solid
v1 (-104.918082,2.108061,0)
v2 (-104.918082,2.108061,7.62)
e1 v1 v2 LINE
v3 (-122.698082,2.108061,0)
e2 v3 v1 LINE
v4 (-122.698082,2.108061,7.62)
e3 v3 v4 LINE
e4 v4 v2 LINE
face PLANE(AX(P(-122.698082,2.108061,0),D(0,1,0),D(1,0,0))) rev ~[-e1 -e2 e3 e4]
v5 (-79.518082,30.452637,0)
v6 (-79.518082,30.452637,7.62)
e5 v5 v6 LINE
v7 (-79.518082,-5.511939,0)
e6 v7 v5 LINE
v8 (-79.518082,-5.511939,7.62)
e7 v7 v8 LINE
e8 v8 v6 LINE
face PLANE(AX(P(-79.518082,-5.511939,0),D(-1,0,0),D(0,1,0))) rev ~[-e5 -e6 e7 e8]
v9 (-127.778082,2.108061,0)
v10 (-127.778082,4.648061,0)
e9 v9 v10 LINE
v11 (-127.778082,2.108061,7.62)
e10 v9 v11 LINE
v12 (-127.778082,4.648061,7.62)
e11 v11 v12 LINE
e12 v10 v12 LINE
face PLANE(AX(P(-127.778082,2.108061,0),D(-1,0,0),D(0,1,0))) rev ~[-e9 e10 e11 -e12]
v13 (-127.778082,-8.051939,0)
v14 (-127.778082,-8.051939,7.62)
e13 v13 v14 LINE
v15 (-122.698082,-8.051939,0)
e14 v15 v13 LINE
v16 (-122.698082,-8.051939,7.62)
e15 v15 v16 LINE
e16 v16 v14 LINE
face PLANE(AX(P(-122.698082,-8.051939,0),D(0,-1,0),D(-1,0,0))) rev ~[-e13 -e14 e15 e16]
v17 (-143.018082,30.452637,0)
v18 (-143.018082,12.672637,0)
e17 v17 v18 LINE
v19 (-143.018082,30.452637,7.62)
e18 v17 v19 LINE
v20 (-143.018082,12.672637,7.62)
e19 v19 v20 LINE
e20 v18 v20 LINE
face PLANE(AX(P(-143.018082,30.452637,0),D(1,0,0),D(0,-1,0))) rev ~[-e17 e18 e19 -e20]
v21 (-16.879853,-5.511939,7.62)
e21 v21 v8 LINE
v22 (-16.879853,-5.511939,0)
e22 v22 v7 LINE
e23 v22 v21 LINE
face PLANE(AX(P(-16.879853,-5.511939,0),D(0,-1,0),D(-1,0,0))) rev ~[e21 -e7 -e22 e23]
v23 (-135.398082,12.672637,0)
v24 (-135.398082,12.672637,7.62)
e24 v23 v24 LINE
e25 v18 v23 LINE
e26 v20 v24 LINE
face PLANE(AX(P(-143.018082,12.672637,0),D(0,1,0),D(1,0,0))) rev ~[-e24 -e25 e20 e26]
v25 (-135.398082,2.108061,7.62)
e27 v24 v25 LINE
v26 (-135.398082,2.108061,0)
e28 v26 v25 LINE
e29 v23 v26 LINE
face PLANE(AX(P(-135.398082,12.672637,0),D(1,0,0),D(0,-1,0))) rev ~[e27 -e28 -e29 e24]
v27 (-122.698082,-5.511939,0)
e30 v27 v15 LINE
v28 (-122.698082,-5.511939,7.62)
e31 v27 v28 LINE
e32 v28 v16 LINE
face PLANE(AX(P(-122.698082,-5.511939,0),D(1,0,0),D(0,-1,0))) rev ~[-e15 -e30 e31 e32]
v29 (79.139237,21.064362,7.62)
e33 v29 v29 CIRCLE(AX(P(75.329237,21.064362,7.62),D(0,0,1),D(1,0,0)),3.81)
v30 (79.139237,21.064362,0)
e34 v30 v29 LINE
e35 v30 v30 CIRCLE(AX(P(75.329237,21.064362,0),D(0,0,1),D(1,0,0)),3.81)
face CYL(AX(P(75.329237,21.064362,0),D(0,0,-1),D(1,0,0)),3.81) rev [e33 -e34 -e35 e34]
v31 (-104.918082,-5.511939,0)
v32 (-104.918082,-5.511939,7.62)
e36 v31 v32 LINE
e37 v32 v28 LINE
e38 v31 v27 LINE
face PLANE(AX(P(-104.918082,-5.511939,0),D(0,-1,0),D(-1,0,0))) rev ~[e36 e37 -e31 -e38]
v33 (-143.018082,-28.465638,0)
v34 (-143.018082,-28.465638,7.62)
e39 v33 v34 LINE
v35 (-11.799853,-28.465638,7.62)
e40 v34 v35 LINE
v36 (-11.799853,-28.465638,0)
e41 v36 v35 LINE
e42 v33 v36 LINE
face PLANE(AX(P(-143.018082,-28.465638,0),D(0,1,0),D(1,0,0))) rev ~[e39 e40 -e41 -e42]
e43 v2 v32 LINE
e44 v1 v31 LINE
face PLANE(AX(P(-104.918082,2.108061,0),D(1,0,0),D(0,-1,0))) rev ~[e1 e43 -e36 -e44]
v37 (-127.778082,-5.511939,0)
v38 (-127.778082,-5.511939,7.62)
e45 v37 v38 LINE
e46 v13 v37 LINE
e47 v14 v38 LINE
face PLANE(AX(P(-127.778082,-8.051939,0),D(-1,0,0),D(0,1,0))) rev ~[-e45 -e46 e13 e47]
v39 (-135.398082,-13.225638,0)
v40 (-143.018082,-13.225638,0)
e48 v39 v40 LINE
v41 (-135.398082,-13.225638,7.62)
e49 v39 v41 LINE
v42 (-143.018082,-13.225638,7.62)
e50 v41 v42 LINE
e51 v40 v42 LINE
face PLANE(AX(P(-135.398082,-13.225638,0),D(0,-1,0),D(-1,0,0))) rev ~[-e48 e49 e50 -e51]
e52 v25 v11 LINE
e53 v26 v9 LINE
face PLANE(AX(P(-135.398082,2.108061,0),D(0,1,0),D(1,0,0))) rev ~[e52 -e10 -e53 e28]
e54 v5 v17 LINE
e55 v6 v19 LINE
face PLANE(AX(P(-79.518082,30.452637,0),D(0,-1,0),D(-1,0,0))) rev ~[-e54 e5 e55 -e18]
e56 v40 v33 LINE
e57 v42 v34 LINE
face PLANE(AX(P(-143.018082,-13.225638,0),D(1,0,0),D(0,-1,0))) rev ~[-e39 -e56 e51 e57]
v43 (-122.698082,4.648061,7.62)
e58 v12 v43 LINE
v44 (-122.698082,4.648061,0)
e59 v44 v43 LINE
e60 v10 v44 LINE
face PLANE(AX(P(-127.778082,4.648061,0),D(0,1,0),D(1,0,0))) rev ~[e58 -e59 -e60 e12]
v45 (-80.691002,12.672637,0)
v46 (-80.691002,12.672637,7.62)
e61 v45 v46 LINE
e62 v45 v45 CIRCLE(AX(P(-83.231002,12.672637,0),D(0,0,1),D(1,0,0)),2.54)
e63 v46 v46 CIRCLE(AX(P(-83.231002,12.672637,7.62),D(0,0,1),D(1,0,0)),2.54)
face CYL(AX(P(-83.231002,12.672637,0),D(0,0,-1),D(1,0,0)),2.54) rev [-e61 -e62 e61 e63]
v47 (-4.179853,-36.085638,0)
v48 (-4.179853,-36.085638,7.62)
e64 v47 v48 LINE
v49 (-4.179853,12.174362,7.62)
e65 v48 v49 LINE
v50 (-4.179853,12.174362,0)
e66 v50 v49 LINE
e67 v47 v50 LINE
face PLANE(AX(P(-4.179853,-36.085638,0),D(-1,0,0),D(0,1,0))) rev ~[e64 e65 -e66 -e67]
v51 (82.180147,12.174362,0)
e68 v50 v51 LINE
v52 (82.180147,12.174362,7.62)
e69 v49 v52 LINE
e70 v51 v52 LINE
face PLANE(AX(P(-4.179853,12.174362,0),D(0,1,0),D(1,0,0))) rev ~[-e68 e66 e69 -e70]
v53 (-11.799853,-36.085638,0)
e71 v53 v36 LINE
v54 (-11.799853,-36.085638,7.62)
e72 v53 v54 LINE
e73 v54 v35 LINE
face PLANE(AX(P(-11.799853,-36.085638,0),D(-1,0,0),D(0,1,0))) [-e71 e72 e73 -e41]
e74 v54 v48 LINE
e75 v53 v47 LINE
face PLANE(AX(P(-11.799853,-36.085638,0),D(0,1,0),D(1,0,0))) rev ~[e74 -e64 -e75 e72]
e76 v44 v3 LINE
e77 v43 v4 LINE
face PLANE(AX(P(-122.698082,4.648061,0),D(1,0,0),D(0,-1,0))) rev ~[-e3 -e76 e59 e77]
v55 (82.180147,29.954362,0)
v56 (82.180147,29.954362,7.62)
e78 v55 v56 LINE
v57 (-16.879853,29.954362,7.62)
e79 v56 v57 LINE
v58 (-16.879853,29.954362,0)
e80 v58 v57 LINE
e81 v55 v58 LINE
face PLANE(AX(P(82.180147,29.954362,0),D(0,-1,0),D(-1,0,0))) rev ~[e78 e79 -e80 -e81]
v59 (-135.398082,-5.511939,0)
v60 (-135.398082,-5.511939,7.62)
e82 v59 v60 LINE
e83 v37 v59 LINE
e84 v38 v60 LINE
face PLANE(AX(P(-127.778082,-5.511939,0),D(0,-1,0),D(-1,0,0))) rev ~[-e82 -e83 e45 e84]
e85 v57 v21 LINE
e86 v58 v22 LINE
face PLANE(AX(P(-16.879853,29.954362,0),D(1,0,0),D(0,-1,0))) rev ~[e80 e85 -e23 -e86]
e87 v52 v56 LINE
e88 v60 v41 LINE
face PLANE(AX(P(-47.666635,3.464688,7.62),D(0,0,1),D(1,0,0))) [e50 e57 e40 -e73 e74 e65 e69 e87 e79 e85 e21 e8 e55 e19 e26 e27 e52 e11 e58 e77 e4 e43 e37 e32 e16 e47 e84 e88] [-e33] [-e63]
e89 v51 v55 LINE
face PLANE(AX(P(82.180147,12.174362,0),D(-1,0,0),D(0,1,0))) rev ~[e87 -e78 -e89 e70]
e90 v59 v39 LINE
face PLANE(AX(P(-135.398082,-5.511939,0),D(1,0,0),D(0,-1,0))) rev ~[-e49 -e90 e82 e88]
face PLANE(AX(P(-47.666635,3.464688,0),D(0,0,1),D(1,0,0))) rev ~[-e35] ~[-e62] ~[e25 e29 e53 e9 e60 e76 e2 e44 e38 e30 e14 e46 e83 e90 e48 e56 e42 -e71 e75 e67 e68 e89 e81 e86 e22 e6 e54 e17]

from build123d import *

# Parameters (mm, degrees)
F0_R     = 2.54
F0_R_2   = 3.81
F0_W     = 7.62
F0_H     = 7.62
F1_DEPTH = 7.62


with BuildPart() as f1:
    # F0 (on Top) → F1 (new body)
    with BuildSketch(Plane.XY):
        Polygon((-4.179853, 29.954362), (-16.879853, 29.954362), (-16.879853, 12.174362), (-16.879853, -5.511939), (-79.518082, -5.511939), (-79.518082, 2.108061), (-79.518082, 5.052637), (-79.518082, 30.452637), (-143.018082, 30.452637), (-143.018082, 12.672637), (-135.398082, 12.672637), (-135.398082, 2.108061), (-127.778082, 2.108061), (-127.778082, 4.648061), (-122.698082, 4.648061), (-122.698082, 2.108061), (-104.918082, 2.108061), (-104.918082, -5.511939), (-122.698082, -5.511939), (-122.698082, -8.051939), (-127.778082, -8.051939), (-127.778082, -5.511939), (-135.398082, -5.511939), (-135.398082, -13.225638), (-143.018082, -13.225638), (-143.018082, -28.465638), (-135.398082, -28.465638), (-16.879853, -28.465638), (-11.799853, -28.465638), (-4.179853, -28.465638), (-4.179853, -5.511939), (-4.179853, 12.174362), (82.180147, 12.174362), (82.180147, 29.954362), align=None)
        with Locations((-83.231002, 12.672637)):
            Circle(F0_R, mode=Mode.SUBTRACT)
        with Locations((75.329237, 21.064362)):
            Circle(F0_R_2, mode=Mode.SUBTRACT)
        with Locations((-7.989853, -32.275638)):
            Rectangle(F0_W, F0_H)
    extrude(amount=F1_DEPTH)


solid = f1.part
